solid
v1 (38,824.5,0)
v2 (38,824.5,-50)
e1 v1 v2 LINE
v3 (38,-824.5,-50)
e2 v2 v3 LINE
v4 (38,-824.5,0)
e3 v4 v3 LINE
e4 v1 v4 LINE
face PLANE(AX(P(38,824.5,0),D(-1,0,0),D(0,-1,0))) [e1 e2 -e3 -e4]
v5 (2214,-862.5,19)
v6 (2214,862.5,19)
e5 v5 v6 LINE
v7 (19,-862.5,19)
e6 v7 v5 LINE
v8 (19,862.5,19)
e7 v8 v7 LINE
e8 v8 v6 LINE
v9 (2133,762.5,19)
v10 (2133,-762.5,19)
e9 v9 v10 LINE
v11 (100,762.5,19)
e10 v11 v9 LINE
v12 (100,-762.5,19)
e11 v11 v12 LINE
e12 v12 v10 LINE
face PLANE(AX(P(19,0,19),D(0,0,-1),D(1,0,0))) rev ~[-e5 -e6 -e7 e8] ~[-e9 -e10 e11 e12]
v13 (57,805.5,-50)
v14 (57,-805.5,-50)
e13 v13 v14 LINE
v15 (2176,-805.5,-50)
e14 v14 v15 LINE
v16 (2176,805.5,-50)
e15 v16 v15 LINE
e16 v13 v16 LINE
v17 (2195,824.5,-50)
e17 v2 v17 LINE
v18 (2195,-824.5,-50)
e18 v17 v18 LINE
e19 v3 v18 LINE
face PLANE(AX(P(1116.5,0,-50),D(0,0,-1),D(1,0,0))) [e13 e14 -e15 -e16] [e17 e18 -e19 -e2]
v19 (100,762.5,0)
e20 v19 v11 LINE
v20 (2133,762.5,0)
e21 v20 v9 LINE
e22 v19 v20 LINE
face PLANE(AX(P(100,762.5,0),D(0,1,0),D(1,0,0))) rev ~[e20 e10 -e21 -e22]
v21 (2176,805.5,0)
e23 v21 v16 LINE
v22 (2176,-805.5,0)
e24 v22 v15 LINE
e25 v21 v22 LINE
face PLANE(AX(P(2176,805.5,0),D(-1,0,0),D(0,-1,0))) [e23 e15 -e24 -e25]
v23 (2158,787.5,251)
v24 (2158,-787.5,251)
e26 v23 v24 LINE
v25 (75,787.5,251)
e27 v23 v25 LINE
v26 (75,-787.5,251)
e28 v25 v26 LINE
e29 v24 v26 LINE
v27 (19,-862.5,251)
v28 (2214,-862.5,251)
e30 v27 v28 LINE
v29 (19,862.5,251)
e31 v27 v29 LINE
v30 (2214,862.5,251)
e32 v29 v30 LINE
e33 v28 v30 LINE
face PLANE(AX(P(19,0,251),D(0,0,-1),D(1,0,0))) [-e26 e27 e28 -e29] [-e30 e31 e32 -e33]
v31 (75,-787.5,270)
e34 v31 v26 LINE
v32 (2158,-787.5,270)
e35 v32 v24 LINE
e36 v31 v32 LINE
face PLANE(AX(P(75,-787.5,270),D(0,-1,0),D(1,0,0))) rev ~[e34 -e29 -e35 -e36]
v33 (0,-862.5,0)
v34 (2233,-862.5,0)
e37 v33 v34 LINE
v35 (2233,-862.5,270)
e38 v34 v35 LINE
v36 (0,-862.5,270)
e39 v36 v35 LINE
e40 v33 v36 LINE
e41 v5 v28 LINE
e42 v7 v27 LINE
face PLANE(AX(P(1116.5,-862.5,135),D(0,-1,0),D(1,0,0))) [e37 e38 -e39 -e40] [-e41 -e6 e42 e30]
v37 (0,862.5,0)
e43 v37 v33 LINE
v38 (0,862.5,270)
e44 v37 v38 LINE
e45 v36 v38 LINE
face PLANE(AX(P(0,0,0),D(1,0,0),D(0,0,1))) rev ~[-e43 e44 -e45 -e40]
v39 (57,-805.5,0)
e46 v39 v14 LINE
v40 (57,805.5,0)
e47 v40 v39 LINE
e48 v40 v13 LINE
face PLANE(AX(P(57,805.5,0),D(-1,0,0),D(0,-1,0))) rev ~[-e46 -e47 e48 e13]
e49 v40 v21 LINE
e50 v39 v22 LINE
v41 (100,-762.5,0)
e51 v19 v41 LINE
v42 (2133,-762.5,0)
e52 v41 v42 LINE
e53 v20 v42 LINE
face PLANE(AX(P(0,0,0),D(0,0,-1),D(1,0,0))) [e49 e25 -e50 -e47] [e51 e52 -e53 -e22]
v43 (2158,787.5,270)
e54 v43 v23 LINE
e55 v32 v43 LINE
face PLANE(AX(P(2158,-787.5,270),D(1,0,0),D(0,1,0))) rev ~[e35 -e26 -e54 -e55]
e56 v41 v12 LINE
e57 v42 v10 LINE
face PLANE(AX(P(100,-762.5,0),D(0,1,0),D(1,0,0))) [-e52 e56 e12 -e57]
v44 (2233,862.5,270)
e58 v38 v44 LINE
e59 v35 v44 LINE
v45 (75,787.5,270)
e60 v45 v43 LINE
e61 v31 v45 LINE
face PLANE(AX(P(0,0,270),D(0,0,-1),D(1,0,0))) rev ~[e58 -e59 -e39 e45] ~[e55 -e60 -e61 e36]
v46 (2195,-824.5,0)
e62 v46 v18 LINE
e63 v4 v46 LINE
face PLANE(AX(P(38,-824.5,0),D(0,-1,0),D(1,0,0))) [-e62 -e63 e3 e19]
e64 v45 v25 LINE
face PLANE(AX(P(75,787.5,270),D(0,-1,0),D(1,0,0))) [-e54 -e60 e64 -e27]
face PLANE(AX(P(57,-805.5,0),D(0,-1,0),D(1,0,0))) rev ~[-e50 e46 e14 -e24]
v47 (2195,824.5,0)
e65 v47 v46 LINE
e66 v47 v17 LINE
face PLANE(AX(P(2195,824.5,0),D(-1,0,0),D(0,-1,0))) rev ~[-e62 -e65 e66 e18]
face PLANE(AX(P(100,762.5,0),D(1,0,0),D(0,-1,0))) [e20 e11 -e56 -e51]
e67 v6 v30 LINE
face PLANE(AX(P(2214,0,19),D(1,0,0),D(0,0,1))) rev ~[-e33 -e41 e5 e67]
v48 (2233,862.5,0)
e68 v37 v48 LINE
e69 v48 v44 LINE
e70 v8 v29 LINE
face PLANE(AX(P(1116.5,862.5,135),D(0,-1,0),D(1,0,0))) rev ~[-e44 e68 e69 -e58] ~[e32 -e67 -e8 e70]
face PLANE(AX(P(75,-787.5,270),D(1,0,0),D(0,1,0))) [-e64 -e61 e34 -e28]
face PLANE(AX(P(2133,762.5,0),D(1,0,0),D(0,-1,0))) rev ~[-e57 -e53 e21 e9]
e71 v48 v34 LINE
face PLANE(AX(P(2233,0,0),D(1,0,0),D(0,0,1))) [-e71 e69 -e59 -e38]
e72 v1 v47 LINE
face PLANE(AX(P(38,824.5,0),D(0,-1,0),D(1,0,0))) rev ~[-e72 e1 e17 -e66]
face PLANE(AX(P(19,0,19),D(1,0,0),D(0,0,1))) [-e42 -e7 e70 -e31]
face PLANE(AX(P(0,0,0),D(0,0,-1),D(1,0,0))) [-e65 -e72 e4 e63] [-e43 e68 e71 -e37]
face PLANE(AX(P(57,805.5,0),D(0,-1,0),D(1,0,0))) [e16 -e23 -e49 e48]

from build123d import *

# Parameters (mm, degrees)
F0_W     = 2233
F0_H     = 270
F0_W_2   = 2195
F0_H_2   = 232
F1_DEPTH = 862.5
F2_W     = 2083
F2_H     = 1575
F3_DEPTH = 38
F4_W     = 2157
F4_H     = 1649
F4_W_2   = 2119
F4_H_2   = 1611
F5_DEPTH = 50
F6_W     = 2033
F6_H     = 1525
F7_DEPTH = 25


with BuildPart() as f1:
    # F0 (on Front) → F1 (new body, symmetric)
    with BuildSketch(Plane.XZ):
        with Locations((1116.5, 135)):
            Rectangle(F0_W, F0_H)
        with Locations((1116.5, 135)):
            Rectangle(F0_W_2, F0_H_2, mode=Mode.SUBTRACT)
    extrude(amount=F1_DEPTH, both=True)

    # F2 (on face) → F3 (cut)
    with BuildSketch(Plane.XY.offset(270)):
        with Locations((1116.5, 0)):
            Rectangle(F2_W, F2_H)
    extrude(amount=-F3_DEPTH, mode=Mode.SUBTRACT)

    # F4 (on face) → F5 (join)
    with BuildSketch(Plane(origin=(0, 0, 0), x_dir=(1, 0, 0), z_dir=(0, 0, -1))):
        with Locations((1116.5, 0)):
            Rectangle(F4_W, F4_H)
        with Locations((1116.5, 0)):
            Rectangle(F4_W_2, F4_H_2, mode=Mode.SUBTRACT)
    extrude(amount=F5_DEPTH)

    # F6 (on face) → F7 (cut)
    with BuildSketch(Plane(origin=(0, 0, 0), x_dir=(1, 0, 0), z_dir=(0, 0, -1))):
        with Locations((1116.5, 0)):
            Rectangle(F6_W, F6_H)
    extrude(amount=-F7_DEPTH, mode=Mode.SUBTRACT)


solid = f1.part
